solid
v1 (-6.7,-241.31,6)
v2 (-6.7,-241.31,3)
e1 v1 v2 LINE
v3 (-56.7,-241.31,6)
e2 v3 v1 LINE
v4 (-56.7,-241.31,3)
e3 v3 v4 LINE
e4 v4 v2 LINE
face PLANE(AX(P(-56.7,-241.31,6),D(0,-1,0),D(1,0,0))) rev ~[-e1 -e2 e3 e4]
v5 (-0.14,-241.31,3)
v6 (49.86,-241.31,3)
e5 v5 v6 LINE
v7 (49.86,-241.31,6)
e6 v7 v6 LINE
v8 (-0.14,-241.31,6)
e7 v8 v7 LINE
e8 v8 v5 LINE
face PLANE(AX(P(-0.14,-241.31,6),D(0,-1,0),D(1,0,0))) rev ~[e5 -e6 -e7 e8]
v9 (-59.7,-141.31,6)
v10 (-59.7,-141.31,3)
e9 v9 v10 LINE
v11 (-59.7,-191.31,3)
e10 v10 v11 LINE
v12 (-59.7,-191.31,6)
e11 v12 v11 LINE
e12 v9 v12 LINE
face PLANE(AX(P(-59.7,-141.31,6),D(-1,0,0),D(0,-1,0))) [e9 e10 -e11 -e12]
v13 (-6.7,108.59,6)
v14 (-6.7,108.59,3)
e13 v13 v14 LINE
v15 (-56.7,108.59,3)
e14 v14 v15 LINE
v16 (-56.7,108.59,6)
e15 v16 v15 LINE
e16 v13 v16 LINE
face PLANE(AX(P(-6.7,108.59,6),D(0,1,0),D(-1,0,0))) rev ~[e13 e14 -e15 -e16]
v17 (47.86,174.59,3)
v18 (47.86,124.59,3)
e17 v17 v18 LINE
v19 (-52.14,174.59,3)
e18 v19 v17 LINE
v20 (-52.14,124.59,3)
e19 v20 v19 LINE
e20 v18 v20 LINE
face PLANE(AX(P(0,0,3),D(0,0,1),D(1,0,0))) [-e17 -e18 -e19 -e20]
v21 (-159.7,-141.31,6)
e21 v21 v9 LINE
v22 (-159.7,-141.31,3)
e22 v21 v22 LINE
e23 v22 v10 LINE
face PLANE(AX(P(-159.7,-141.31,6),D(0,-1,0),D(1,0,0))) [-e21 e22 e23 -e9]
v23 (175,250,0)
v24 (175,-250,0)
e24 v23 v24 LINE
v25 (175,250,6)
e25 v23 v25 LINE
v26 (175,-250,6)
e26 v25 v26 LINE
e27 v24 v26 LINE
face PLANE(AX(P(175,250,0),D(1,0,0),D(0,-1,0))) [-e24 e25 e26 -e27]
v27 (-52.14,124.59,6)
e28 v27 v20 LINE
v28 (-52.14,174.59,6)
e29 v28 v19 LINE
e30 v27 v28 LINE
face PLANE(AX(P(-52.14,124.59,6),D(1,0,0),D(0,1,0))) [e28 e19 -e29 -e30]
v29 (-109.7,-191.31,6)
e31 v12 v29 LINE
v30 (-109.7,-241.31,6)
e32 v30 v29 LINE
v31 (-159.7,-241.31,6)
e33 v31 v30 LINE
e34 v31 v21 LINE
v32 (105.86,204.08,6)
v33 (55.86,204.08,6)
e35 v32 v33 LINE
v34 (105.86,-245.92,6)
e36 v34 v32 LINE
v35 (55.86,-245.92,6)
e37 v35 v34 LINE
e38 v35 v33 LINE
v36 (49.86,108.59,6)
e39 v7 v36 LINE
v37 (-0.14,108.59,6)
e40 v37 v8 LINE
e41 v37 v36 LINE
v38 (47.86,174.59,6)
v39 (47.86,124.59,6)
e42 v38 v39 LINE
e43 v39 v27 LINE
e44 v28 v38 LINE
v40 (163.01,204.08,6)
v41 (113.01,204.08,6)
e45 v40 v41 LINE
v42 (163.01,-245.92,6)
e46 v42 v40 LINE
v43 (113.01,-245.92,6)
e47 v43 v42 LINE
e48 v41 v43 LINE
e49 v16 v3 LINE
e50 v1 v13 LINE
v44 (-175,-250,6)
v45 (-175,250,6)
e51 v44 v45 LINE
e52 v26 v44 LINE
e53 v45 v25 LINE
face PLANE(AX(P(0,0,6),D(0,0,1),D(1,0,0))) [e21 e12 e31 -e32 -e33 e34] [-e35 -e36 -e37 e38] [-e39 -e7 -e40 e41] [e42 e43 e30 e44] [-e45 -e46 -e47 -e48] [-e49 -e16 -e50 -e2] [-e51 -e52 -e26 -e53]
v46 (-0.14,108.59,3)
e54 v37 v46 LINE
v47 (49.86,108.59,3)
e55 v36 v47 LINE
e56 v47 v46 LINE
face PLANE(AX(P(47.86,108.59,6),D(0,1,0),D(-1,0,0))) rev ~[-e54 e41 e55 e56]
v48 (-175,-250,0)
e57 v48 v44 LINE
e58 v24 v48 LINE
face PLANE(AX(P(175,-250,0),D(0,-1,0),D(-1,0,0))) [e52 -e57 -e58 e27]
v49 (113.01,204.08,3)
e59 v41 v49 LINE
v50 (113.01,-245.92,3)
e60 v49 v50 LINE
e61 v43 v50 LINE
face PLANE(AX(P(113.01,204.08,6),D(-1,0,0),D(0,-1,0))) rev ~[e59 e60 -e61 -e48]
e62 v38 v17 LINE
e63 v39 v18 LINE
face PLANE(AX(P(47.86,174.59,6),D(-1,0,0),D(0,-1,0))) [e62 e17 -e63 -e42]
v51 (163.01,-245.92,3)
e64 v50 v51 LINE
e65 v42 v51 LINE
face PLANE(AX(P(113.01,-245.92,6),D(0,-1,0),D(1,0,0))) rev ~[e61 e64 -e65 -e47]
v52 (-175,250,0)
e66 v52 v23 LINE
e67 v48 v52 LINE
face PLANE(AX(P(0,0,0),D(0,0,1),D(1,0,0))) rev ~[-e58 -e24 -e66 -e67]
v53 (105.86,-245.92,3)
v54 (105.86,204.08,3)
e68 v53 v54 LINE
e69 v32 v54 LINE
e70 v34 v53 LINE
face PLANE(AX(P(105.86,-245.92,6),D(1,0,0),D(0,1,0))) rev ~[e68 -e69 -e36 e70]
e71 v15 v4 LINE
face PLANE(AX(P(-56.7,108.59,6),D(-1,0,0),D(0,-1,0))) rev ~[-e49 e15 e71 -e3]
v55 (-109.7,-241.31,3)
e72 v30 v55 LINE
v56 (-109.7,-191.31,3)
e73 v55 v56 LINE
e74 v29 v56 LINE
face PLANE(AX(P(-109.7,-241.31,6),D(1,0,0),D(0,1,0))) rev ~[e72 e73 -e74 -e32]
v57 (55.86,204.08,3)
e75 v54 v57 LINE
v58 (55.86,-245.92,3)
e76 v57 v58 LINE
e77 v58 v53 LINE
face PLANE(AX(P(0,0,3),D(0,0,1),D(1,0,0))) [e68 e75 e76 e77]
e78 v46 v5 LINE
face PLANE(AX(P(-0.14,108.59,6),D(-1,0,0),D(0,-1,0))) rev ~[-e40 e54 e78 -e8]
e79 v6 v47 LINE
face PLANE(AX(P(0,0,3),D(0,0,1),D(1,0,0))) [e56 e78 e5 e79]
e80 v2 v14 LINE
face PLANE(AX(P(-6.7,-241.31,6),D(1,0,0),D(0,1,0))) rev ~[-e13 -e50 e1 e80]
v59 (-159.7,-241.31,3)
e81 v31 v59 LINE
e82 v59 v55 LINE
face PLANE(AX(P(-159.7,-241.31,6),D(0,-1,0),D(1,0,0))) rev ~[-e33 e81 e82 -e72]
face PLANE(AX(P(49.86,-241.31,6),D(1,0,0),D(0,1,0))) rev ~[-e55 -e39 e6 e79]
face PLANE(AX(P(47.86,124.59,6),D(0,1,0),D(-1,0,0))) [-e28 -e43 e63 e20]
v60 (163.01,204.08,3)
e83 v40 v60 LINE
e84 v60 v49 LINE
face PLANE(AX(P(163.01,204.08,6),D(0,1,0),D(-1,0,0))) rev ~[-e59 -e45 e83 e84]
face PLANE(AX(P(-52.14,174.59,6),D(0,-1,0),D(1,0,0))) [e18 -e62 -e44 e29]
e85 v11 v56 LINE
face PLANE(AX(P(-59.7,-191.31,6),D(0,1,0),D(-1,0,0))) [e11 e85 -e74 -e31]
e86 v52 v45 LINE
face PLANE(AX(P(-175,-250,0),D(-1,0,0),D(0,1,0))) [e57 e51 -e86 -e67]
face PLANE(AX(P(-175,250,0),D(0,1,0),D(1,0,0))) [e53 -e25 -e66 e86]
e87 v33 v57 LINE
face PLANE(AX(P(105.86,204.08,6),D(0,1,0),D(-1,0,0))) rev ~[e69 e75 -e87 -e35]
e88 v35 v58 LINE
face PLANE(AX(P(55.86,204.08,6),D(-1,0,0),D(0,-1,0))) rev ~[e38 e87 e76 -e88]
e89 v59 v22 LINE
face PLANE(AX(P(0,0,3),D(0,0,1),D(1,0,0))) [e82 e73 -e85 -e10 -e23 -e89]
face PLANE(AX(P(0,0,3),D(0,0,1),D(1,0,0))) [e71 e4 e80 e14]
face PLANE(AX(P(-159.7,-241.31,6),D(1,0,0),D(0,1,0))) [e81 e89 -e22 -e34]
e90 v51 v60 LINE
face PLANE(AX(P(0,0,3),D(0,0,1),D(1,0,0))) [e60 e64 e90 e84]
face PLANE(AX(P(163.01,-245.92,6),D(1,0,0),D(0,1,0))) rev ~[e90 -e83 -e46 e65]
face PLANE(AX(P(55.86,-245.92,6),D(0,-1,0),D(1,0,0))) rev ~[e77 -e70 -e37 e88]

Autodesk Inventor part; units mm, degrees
ref_plane "YZ Plane" through (0, 0, 0) normal (1, 0, 0) x (0, 1, 0)
ref_plane "XZ Plane" through (0, 0, 0) normal (0, 1, 0) x (-1, 0, 0)
ref_plane "XY Plane" through (0, 0, 0) normal (0, 0, 1) x (1, 0, 0)
sketch "Boceto1" plane through (0, 0, 0) normal (0, 0, 1) x (1, 0, 0)
  line L0 (-175, 250) -> (175, 250)
  line L1 (175, 250) -> (175, -250)
  line L2 (175, -250) -> (-175, -250)
  line L3 (-175, -250) -> (-175, 250)
  line L4 (-175, 250) -> (175, -250) construction
  line L5 (175, 250) -> (-175, -250) construction
  point P0 (0, 0)
  dimension "d0" = 350
  dimension "d1" = 500
extrude "Extrusión1" add sketch "Boceto1" along normal blind 6
sketch "Boceto2" plane through (0, 0, 6) normal (0, 0, 1) x (1, 0, 0)
  line L0 (-175, -250) -> (175, -250) projected
  line L1 (-175, -250) -> (-159.7, -250)
  line L2 (-159.7, -250) -> (-159.7, -241.31)
  line L3 (-159.7, -241.31) -> (-175, -241.31)
  line L4 (-175, -241.31) -> (-175, -250)
  line L5 (-159.7, -241.31) -> (-159.7, -141.31)
  line L6 (-159.7, -141.31) -> (-59.7, -141.31)
  line L7 (-59.7, -141.31) -> (-59.7, -191.31)
  line L8 (-59.7, -191.31) -> (-109.7, -191.31)
  line L9 (-159.7, -241.31) -> (-109.7, -241.31)
  line L10 (-109.7, -241.31) -> (-109.7, -191.31)
  line L11 (-109.7, -241.31) -> (-56.7, -241.31)
  line L12 (-56.7, -241.31) -> (-6.7, -241.31)
  line L13 (-6.7, -241.31) -> (-6.7, 108.59)
  line L14 (-6.7, 108.59) -> (-56.7, 108.59)
  line L15 (-56.7, 108.59) -> (-56.7, -241.31)
  line L16 (-6.7, -241.31) -> (-0.14, -241.31)
  line L17 (-0.14, -241.31) -> (49.86, -241.31)
  line L18 (49.86, -241.31) -> (49.86, 108.59)
  line L19 (49.86, 108.59) -> (-0.14, 108.59)
  line L20 (-0.14, 108.59) -> (-0.14, -241.31)
  line L21 (49.86, -241.31) -> (55.86, -241.31)
  line L22 (55.86, -241.31) -> (55.86, -245.92)
  line L23 (55.86, -245.92) -> (49.86, -245.92)
  line L24 (49.86, -245.92) -> (49.86, -241.31)
  line L25 (55.86, -245.92) -> (105.86, -245.92)
  line L26 (105.86, -245.92) -> (105.86, 204.08)
  line L27 (105.86, 204.08) -> (55.86, 204.08)
  line L28 (55.86, 204.08) -> (55.86, -245.92)
  line L29 (105.86, -245.92) -> (113.01, -245.92)
  line L30 (113.01, -245.92) -> (163.01, -245.92)
  line L31 (163.01, -245.92) -> (163.01, 204.08)
  line L32 (163.01, 204.08) -> (113.01, 204.08)
  line L33 (113.01, 204.08) -> (113.01, -245.92)
  line L34 (49.86, 108.59) -> (47.86, 108.59)
  line L35 (47.86, 108.59) -> (47.86, 124.59)
  line L36 (47.86, 124.59) -> (49.86, 124.59)
  line L37 (49.86, 124.59) -> (49.86, 108.59)
  line L38 (47.86, 124.59) -> (-52.14, 124.59)
  line L39 (-52.14, 124.59) -> (-52.14, 174.59)
  line L40 (-52.14, 174.59) -> (47.86, 174.59)
  line L41 (47.86, 174.59) -> (47.86, 124.59)
  point P0 (0, 0)
  dimension "d4" = 15.3
  dimension "d5" = 8.69
  dimension "d6" = 100
  dimension "d7" = 100
  dimension "d8" = 50
  dimension "d9" = 50
  dimension "d10" = 53
  dimension "d11" = 50
  dimension "d12" = 349.9
  dimension "d13" = 6.56
  dimension "d14" = 50
  dimension "d15" = 349.9
  dimension "d16" = 6
  dimension "d17" = 4.61
  dimension "d18" = 50
  dimension "d19" = 450
  dimension "d20" = 7.15
  dimension "d21" = 50
  dimension "d22" = 450
  dimension "d23" = 2
  dimension "d24" = 16
  dimension "d25" = 100
  dimension "d26" = 50
extrude "Extrusión2" cut sketch "Boceto2" against normal blind 3 contours L38 L39 L40 L41 | L33 L32 L31 L30 | L20 L19 L18 L17 | L15 L14 L13 L12 | L5 L6 L7 L8 L10 L9 | L28 L27 L26 L25 L22
properties part number "binicial"
